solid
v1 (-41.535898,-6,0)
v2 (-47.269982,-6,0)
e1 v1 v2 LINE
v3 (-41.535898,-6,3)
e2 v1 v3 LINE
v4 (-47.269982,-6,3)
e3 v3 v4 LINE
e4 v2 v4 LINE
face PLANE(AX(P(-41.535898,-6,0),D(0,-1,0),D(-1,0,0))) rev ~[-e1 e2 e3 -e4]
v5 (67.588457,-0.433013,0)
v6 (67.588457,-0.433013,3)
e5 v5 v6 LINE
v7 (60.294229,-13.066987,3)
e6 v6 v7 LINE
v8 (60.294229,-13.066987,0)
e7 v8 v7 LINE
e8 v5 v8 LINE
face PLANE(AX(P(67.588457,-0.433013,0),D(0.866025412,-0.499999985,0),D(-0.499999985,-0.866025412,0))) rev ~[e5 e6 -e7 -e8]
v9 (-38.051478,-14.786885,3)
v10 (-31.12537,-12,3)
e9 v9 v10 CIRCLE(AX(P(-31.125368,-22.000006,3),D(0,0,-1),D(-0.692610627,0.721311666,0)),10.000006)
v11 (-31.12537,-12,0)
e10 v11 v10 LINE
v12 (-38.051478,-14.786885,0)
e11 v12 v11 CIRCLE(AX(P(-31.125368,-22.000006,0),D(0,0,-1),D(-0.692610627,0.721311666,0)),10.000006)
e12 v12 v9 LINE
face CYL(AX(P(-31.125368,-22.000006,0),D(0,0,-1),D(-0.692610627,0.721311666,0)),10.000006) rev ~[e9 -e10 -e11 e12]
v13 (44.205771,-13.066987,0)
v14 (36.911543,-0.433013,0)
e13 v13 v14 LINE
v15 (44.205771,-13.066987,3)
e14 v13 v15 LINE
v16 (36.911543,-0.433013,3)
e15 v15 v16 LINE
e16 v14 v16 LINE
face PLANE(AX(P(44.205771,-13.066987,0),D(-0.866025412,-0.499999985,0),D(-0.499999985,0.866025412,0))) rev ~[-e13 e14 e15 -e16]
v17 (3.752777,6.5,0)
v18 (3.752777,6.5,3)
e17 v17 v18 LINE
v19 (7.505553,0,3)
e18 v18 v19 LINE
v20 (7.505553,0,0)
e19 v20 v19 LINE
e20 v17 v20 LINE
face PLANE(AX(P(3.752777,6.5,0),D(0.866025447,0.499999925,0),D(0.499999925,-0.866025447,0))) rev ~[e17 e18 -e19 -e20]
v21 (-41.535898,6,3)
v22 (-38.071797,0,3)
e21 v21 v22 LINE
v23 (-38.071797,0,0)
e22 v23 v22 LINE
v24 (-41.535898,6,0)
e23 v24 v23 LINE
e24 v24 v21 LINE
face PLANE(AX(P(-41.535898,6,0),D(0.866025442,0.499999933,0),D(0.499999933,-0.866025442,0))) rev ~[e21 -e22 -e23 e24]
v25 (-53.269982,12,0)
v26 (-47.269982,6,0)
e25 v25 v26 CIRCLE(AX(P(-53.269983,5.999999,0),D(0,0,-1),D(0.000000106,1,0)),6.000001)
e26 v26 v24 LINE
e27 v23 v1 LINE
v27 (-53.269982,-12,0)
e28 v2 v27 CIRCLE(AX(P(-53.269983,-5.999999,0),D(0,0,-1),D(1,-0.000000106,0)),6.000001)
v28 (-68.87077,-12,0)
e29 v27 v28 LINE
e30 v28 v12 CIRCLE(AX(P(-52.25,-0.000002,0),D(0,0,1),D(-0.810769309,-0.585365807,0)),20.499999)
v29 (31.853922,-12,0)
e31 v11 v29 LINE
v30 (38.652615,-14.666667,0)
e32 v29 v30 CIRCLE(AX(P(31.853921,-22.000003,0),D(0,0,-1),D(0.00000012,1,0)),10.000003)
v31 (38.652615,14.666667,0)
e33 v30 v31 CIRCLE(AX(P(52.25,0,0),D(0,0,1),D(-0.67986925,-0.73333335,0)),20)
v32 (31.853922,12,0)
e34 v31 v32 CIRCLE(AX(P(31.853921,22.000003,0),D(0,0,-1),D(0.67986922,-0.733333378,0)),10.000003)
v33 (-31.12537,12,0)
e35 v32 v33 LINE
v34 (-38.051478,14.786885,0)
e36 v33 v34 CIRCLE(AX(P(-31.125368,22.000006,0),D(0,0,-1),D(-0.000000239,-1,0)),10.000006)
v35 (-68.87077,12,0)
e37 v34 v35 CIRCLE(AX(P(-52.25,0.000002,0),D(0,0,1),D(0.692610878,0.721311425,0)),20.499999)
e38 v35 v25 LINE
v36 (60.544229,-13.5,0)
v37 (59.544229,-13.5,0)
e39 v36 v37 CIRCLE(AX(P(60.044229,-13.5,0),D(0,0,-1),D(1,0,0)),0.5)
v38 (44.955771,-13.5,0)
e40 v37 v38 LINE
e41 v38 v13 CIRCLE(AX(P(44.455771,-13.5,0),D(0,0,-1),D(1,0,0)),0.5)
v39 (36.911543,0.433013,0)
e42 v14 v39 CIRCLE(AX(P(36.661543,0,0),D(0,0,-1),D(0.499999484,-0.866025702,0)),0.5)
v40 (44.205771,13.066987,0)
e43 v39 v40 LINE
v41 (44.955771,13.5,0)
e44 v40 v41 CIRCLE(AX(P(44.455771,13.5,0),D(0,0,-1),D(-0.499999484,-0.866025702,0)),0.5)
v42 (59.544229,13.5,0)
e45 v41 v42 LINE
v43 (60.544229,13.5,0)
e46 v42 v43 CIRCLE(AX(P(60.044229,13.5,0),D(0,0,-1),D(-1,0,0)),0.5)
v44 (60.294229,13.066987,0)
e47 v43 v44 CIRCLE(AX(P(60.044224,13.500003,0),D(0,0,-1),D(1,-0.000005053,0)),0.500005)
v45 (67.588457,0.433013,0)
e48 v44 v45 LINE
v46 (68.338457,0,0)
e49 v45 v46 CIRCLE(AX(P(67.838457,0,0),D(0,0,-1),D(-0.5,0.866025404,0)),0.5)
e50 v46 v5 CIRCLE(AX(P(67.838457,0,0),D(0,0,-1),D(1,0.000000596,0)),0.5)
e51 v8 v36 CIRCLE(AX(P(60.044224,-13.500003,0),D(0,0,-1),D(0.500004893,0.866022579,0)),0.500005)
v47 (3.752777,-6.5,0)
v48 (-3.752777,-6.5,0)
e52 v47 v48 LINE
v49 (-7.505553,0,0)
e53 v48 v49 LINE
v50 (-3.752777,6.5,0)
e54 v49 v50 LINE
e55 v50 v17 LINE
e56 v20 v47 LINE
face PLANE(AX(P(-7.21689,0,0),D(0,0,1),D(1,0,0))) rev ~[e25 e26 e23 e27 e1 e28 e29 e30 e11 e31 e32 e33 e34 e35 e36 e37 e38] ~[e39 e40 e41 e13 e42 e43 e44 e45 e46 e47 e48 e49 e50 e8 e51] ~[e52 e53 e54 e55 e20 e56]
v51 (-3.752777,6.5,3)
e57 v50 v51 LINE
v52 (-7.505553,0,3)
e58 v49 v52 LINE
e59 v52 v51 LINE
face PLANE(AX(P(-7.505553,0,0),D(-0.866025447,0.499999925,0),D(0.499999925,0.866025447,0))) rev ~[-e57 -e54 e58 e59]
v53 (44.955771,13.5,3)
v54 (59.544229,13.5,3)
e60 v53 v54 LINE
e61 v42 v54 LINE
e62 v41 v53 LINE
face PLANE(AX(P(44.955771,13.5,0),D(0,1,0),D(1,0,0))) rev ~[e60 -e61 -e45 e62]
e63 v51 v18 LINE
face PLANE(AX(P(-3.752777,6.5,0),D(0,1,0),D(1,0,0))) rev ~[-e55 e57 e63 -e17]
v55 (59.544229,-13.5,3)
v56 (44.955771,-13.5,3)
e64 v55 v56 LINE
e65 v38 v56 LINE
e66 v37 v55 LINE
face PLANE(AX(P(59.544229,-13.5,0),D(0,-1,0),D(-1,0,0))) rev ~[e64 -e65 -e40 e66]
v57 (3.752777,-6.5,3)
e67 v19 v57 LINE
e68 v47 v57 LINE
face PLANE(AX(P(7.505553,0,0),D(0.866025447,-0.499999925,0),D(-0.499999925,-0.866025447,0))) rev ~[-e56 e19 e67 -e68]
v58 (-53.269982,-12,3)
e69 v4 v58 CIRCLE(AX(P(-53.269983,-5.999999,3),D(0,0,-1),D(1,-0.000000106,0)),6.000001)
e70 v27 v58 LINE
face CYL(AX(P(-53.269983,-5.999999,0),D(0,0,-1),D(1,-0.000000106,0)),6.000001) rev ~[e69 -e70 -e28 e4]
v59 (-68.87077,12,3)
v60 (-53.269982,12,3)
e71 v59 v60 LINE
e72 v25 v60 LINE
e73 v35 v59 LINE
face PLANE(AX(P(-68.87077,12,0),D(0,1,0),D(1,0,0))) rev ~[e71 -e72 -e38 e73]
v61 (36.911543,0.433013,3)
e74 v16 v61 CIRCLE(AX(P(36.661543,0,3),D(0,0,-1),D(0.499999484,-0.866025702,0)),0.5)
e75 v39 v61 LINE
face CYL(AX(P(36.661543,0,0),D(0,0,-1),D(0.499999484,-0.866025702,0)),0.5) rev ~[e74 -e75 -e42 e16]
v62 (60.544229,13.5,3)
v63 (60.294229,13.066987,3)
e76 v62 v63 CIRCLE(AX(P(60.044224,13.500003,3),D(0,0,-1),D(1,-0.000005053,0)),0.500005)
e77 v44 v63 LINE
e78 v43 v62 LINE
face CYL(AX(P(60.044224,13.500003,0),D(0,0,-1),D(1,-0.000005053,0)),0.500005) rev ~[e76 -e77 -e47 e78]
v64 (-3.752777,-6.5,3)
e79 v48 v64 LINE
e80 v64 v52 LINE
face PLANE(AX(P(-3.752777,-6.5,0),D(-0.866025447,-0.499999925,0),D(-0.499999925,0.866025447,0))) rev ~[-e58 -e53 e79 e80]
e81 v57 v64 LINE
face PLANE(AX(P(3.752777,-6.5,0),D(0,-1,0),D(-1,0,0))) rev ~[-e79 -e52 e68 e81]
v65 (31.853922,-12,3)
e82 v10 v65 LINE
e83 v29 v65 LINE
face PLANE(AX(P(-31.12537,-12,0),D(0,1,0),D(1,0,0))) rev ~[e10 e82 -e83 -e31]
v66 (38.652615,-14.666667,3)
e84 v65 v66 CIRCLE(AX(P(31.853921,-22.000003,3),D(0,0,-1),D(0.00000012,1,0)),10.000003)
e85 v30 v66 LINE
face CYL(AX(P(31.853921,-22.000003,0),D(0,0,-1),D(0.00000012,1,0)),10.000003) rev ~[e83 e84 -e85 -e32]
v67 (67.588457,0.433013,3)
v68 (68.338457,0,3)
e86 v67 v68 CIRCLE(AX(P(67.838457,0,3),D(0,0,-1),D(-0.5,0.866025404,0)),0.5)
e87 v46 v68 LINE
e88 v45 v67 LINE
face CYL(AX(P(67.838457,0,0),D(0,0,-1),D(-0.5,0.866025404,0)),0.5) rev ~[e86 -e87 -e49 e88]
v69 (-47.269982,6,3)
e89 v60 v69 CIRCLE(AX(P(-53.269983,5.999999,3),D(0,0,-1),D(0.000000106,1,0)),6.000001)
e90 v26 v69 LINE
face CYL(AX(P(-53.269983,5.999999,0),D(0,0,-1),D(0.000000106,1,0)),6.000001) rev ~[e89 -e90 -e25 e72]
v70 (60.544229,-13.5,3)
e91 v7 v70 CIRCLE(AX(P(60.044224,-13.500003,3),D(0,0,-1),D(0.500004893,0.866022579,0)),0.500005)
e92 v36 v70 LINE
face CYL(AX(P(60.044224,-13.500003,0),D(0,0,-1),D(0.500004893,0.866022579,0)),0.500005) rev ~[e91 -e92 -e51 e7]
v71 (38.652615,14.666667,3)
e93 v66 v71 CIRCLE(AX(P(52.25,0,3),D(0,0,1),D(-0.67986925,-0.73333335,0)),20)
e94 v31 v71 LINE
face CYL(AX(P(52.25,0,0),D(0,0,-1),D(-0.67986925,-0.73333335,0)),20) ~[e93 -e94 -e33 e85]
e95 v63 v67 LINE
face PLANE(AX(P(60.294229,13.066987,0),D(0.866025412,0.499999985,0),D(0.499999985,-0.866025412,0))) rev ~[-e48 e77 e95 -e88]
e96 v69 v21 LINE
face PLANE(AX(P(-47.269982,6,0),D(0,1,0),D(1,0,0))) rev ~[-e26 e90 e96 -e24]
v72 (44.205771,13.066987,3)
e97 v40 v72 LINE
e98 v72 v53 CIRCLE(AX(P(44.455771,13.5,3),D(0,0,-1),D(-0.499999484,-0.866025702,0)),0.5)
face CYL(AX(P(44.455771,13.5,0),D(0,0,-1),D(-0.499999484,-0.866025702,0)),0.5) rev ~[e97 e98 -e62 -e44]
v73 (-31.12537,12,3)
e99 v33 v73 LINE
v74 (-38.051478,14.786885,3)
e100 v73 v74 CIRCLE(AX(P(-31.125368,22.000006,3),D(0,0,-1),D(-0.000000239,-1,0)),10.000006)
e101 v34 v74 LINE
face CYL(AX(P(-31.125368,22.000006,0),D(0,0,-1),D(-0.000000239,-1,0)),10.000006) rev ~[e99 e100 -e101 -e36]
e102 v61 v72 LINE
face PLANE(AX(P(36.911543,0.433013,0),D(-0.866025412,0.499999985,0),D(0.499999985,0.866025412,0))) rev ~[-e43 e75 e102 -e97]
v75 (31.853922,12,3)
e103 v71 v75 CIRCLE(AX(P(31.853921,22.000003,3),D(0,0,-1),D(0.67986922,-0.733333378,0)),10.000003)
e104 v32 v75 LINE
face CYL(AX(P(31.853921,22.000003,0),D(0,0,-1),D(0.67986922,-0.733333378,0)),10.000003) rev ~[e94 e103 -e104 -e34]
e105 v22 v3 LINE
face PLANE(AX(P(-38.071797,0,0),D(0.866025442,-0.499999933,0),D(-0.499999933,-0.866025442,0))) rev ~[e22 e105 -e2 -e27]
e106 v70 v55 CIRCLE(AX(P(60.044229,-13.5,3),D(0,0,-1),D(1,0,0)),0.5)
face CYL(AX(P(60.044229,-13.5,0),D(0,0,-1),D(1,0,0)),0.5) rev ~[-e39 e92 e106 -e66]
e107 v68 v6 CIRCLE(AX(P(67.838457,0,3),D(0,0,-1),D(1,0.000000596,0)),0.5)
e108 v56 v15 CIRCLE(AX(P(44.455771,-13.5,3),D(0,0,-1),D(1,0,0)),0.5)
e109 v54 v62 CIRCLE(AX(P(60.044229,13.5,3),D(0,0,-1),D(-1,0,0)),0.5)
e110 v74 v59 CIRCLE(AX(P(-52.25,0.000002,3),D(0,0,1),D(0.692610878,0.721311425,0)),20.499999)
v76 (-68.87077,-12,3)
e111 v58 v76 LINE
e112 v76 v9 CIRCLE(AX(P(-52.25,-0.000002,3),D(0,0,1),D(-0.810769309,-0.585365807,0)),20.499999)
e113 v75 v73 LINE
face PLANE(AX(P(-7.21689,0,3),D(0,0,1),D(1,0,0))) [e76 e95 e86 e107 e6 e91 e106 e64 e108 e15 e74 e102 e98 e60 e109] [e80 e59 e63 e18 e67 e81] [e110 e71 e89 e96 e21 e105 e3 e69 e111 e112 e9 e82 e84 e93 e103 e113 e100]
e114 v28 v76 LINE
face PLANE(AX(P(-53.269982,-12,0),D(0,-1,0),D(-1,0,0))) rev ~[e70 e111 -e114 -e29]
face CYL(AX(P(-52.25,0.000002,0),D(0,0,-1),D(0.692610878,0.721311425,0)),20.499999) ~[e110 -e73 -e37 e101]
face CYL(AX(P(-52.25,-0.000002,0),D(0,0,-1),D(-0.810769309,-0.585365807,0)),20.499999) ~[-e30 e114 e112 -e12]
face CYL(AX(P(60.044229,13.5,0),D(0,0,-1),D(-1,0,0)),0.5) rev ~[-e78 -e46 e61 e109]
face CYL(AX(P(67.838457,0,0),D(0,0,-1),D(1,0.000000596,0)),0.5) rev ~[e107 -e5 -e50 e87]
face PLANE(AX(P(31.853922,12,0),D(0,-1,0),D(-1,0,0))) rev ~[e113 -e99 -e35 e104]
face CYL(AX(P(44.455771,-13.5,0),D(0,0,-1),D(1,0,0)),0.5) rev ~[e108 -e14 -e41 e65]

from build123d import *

# Parameters (mm, degrees)
F1_DEPTH = 3


with BuildPart() as f1:
    # F0 (on Top) → F1 (new body)
    with BuildSketch(Plane.XY):
        with BuildLine():
            ThreePointArc((31.853922, -12), (35.505406, -12.690507), (38.652615, -14.666667))
            ThreePointArc((38.652615, -14.666667), (72.25, 0), (38.652615, 14.666667))
            ThreePointArc((38.652615, 14.666667), (35.505406, 12.690507), (31.853922, 12))
            Line((31.853922, 12), (-31.12537, 12))
            ThreePointArc((-31.12537, 12), (-34.858254, 12.722847), (-38.051478, 14.786885))
            ThreePointArc((-38.051478, 14.786885), (-54.096213, 20.416697), (-68.87077, 12))
            Line((-68.87077, 12), (-53.269982, 12))
            ThreePointArc((-53.269982, 12), (-49.027342, 10.242641), (-47.269982, 6))
            Line((-47.269982, 6), (-41.535898, 6))
            Line((-41.535898, 6), (-38.071797, 0))
            Line((-38.071797, 0), (-41.535898, -6))
            Line((-41.535898, -6), (-47.269982, -6))
            ThreePointArc((-47.269982, -6), (-49.027342, -10.242641), (-53.269982, -12))
            Line((-53.269982, -12), (-68.87077, -12))
            ThreePointArc((-68.87077, -12), (-54.096213, -20.416697), (-38.051478, -14.786885))
            ThreePointArc((-38.051478, -14.786885), (-34.858254, -12.722847), (-31.12537, -12))
            Line((-31.12537, -12), (31.853922, -12))
        make_face()
        Polygon((-7.505553, 0), (-3.752777, 6.5), (3.752777, 6.5), (7.505553, 0), (3.752777, -6.5), (-3.752777, -6.5), align=None, mode=Mode.SUBTRACT)
        with BuildLine():
            ThreePointArc((44.205771, 13.066987), (44.205771, 13.933013), (44.955771, 13.5))
            Line((44.955771, 13.5), (59.544229, 13.5))
            ThreePointArc((59.544229, 13.5), (60.044229, 14), (60.544229, 13.5))
            ThreePointArc((60.544229, 13.5), (60.477241, 13.25), (60.294229, 13.066987))
            Line((60.294229, 13.066987), (67.588457, 0.433013))
            ThreePointArc((67.588457, 0.433013), (68.088457, 0.433013), (68.338457, 0))
            ThreePointArc((68.338457, 0), (68.088457, -0.433013), (67.588457, -0.433013))
            Line((67.588457, -0.433013), (60.294229, -13.066987))
            ThreePointArc((60.294229, -13.066987), (60.477241, -13.25), (60.544229, -13.5))
            ThreePointArc((60.544229, -13.5), (60.044229, -14), (59.544229, -13.5))
            Line((59.544229, -13.5), (44.955771, -13.5))
            ThreePointArc((44.955771, -13.5), (44.205771, -13.933013), (44.205771, -13.066987))
            Line((44.205771, -13.066987), (36.911543, -0.433013))
            ThreePointArc((36.911543, -0.433013), (36.161543, 0), (36.911543, 0.433013))
            Line((36.911543, 0.433013), (44.205771, 13.066987))
        make_face(mode=Mode.SUBTRACT)
    extrude(amount=F1_DEPTH)


solid = f1.part
